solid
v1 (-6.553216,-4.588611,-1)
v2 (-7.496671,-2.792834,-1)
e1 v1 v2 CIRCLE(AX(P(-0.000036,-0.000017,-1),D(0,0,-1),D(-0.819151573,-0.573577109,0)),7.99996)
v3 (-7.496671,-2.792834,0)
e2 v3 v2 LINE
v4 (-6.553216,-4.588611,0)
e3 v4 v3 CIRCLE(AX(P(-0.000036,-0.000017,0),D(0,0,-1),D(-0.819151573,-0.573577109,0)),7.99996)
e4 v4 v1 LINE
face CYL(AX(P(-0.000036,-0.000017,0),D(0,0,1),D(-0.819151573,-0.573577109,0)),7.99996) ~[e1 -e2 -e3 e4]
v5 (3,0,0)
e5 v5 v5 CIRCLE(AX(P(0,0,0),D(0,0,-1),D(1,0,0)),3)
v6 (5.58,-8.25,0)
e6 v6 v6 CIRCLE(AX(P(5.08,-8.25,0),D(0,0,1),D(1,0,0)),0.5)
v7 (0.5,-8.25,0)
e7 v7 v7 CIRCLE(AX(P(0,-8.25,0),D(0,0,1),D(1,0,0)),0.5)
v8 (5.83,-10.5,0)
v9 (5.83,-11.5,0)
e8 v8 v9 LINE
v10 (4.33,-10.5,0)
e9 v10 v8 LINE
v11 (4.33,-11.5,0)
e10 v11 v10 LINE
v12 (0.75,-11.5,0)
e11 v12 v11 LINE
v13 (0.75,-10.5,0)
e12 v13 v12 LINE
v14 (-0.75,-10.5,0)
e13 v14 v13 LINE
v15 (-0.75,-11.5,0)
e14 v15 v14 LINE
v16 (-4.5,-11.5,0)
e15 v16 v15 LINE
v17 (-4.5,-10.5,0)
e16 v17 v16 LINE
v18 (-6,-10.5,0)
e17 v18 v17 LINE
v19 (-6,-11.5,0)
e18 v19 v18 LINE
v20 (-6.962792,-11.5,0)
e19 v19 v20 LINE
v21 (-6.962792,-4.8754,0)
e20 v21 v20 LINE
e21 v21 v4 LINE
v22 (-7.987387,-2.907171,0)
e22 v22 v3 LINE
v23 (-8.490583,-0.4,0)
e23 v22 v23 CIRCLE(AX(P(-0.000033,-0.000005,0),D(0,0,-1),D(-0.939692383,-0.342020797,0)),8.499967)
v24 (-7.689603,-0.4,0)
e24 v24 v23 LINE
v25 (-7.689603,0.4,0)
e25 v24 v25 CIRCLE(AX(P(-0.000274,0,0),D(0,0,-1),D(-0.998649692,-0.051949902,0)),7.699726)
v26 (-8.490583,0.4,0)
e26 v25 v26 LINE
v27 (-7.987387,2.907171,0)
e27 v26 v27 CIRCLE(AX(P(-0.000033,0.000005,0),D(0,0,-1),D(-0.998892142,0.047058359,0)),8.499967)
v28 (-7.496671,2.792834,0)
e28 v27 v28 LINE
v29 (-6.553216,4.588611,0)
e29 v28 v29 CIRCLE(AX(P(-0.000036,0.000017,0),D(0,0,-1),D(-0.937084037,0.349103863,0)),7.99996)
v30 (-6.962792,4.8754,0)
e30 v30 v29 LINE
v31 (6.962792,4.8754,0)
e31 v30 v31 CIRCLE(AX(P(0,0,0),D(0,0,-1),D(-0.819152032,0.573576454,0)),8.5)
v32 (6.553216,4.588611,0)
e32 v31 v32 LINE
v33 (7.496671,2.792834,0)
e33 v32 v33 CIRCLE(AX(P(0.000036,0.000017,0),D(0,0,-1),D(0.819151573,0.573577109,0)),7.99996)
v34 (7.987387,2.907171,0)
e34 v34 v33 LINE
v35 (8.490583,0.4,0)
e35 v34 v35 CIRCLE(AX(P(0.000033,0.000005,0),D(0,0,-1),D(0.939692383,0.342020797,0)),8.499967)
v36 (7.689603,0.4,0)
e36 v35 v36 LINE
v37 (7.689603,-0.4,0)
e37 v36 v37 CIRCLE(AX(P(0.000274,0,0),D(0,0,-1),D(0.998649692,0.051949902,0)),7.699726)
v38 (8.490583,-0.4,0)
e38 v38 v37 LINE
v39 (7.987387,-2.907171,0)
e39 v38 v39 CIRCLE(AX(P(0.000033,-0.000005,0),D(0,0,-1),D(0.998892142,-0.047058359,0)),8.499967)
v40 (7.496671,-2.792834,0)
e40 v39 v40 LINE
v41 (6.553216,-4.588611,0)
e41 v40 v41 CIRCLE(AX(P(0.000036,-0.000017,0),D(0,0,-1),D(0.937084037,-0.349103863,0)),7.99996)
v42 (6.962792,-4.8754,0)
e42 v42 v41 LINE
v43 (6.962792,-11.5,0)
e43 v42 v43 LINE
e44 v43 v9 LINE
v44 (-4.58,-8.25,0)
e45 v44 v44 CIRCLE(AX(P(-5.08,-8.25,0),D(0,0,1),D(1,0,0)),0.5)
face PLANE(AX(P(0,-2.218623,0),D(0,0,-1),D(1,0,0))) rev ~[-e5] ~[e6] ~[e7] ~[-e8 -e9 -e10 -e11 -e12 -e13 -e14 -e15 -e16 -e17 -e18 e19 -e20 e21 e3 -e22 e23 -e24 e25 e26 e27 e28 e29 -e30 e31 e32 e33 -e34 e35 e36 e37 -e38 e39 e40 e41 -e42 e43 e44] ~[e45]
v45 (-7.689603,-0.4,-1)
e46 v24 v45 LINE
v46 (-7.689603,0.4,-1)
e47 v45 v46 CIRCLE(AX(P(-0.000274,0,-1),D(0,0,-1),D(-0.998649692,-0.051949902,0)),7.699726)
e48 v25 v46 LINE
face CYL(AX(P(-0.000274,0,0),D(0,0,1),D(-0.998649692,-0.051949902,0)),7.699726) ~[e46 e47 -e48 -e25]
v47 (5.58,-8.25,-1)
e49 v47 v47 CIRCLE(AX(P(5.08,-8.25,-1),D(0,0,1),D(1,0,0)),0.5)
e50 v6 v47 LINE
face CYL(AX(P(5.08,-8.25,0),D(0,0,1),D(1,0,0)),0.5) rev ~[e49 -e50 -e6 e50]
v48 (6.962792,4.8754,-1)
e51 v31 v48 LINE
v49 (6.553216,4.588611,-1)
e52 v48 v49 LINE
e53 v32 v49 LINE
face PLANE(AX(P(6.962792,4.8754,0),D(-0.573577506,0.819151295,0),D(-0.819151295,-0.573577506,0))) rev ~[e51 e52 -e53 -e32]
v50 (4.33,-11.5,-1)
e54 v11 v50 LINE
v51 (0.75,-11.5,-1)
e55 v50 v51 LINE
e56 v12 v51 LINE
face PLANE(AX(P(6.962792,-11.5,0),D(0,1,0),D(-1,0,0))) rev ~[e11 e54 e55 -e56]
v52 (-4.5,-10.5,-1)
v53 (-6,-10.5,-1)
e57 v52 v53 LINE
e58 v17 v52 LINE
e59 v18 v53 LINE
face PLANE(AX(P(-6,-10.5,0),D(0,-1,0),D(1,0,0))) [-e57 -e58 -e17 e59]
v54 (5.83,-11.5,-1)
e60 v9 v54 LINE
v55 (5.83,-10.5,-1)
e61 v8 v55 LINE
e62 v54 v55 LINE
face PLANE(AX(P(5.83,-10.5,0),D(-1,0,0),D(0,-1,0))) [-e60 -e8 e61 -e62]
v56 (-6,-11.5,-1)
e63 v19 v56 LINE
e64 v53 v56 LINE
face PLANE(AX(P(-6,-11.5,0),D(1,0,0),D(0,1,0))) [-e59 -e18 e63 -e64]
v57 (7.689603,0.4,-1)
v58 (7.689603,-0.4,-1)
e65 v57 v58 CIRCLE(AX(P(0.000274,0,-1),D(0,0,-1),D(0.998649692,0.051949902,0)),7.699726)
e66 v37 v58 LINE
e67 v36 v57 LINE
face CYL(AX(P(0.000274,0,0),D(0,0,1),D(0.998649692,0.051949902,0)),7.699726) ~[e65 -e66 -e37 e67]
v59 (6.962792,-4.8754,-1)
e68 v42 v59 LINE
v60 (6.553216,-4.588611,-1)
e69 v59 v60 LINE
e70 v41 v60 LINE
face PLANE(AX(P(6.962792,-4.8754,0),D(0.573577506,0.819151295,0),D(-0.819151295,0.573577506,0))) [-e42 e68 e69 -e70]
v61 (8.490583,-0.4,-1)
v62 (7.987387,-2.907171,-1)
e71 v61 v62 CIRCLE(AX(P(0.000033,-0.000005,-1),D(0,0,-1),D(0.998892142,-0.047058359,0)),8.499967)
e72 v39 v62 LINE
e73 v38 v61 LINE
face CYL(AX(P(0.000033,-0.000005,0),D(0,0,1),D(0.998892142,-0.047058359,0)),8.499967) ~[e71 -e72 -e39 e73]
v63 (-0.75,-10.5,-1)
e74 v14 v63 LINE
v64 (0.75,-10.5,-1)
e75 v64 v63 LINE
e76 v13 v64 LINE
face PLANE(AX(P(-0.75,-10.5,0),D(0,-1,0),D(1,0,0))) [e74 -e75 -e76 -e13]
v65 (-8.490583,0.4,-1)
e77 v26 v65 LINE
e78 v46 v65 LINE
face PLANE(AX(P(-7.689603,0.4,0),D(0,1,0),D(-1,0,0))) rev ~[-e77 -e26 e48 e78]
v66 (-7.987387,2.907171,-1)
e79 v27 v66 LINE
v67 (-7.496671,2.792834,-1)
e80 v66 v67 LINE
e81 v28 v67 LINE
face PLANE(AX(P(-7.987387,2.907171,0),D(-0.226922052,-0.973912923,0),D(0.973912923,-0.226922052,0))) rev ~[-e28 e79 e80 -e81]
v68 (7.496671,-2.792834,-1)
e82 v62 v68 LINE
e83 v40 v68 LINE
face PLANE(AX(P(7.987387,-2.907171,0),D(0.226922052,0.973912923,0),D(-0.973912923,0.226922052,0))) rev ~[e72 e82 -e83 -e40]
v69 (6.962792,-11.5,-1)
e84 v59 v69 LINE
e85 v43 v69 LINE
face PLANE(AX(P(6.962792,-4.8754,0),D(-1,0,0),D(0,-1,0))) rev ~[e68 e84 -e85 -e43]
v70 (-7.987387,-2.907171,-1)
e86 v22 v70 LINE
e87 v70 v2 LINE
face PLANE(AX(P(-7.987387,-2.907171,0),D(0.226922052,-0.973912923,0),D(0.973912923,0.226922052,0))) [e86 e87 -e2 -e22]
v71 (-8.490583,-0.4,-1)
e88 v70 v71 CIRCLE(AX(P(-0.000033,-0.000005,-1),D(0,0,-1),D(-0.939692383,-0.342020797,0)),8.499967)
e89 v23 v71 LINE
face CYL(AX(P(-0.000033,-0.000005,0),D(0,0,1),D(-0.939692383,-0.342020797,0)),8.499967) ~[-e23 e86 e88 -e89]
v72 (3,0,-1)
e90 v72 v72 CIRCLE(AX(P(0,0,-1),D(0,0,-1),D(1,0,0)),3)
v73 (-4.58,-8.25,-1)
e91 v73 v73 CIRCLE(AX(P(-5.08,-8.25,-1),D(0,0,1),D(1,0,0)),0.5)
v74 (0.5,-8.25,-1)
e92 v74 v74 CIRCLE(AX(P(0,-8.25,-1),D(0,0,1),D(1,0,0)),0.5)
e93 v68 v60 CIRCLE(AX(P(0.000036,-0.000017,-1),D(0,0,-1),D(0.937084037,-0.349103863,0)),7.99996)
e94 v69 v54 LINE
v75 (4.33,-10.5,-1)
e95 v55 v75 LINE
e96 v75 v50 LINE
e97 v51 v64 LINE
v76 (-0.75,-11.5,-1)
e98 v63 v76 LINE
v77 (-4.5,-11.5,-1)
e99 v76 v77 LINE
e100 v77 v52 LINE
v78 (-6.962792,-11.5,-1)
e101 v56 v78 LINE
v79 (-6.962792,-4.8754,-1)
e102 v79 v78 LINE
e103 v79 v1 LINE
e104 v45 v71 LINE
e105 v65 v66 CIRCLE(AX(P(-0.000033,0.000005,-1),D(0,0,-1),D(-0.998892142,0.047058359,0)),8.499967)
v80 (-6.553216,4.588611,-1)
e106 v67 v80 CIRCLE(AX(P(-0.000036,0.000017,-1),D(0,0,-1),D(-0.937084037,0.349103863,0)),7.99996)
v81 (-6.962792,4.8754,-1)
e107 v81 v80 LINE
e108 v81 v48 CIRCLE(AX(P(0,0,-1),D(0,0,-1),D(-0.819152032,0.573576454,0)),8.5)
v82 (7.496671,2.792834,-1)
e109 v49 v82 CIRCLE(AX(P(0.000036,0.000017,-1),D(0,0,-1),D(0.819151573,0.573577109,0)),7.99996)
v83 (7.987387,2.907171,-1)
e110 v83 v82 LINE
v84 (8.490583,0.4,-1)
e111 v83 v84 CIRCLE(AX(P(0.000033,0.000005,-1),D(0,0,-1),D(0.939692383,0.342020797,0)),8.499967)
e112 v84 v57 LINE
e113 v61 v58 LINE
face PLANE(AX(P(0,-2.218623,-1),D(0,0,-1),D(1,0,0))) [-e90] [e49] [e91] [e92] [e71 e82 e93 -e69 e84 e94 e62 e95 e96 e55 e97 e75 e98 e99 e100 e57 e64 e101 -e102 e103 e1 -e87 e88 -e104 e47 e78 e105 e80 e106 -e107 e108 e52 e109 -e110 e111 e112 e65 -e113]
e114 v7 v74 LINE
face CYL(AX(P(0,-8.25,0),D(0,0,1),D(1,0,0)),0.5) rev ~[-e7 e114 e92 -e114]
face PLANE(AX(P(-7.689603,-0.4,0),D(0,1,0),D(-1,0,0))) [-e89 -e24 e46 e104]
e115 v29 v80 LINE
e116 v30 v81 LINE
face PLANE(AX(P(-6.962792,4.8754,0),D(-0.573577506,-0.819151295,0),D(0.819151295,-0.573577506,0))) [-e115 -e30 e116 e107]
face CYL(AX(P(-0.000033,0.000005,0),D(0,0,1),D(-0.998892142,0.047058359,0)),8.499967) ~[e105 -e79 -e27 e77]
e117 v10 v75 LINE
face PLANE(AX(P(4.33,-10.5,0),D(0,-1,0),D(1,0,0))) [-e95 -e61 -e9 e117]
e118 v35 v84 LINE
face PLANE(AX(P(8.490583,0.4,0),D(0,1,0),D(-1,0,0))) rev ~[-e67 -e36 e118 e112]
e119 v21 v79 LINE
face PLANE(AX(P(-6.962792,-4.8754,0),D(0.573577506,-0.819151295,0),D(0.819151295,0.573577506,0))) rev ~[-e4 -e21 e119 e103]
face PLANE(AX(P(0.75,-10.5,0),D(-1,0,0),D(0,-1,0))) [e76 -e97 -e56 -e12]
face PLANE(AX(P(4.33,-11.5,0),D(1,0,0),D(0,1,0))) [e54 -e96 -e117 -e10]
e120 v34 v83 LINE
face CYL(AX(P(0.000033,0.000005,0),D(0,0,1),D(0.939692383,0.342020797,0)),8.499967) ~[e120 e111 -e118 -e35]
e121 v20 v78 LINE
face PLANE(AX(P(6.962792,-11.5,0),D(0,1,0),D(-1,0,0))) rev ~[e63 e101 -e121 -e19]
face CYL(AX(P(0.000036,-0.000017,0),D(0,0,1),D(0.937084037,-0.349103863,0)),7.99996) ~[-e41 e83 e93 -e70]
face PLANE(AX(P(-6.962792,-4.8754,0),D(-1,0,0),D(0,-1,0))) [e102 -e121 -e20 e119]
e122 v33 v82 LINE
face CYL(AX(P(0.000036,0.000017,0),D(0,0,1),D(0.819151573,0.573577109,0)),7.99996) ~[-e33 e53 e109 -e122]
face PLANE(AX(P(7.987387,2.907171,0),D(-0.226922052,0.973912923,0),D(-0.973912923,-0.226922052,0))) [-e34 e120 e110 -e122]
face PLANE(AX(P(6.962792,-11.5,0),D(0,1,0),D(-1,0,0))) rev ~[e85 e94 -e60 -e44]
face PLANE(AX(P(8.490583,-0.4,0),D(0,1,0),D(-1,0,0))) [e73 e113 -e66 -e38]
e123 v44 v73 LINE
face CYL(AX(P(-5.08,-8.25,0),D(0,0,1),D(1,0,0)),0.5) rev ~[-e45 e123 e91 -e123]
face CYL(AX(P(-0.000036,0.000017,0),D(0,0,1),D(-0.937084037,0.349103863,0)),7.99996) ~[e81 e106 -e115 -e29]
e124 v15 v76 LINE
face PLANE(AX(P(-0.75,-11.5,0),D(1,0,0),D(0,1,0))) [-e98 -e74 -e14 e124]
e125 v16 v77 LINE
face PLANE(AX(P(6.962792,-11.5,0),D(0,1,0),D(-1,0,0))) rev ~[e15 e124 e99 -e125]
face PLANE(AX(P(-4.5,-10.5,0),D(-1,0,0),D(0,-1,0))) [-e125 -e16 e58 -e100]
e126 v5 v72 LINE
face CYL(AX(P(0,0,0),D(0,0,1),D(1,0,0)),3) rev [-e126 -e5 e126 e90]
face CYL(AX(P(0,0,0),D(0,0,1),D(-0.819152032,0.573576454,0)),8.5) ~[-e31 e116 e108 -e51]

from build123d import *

# Parameters (mm, degrees)
SKETCH006_R     = 3
PAD005_DEPTH    = 1
SKETCH016_R     = 0.5
POCKET004_DEPTH = 2
POCKET005_DEPTH = 5


with BuildPart() as part:
    # Sketch006 (on ShapeBinder) → Pad005 (new body)
    with BuildSketch(Plane(origin=(0, 0, 0), x_dir=(1, 0, 0), z_dir=(0, 0, -1))):
        with BuildLine():
            ThreePointArc((-7.987387, 2.907171), (-8.333808, 1.672617), (-8.490583, 0.4))
            Line((-7.689603, 0.4), (-8.490583, 0.4))
            ThreePointArc((-7.689603, 0.4), (-7.7, 0), (-7.689603, -0.4))
            Line((-7.689603, -0.4), (-8.490583, -0.4))
            ThreePointArc((-8.490583, -0.4), (-8.333808, -1.672617), (-7.987387, -2.907171))
            Line((-7.987387, -2.907171), (-7.496671, -2.792834))
            ThreePointArc((-7.496671, -2.792834), (-7.082093, -3.720747), (-6.553216, -4.588611))
            Line((-6.962792, -4.8754), (-6.553216, -4.588611))
            ThreePointArc((-6.962792, -4.8754), (0, -8.5), (6.962792, -4.8754))
            Line((6.962792, -4.8754), (6.553216, -4.588611))
            ThreePointArc((6.553216, -4.588611), (7.082093, -3.720747), (7.496671, -2.792834))
            Line((7.987387, -2.907171), (7.496671, -2.792834))
            ThreePointArc((7.987387, -2.907171), (8.333808, -1.672617), (8.490583, -0.4))
            Line((8.490583, -0.4), (7.689603, -0.4))
            ThreePointArc((7.689603, -0.4), (7.7, 0), (7.689603, 0.4))
            Line((8.490583, 0.4), (7.689603, 0.4))
            ThreePointArc((8.490583, 0.4), (8.333808, 1.672617), (7.987387, 2.907171))
            Line((7.987387, 2.907171), (7.496671, 2.792834))
            ThreePointArc((7.496671, 2.792834), (7.082093, 3.720747), (6.553216, 4.588611))
            Line((6.962792, 4.8754), (6.553216, 4.588611))
            Line((6.962792, 4.8754), (6.962792, 11.5))
            Line((6.962792, 11.5), (-6.962792, 11.5))
            Line((-6.962792, 4.8754), (-6.962792, 11.5))
            Line((-6.962792, 4.8754), (-6.553216, 4.588611))
            ThreePointArc((-6.553216, 4.588611), (-7.082093, 3.720747), (-7.496671, 2.792834))
            Line((-7.987387, 2.907171), (-7.496671, 2.792834))
        make_face()
        Circle(SKETCH006_R, mode=Mode.SUBTRACT)
    extrude(amount=PAD005_DEPTH)

    # Sketch016 (on Face28 of Pad005) → Pocket004 (cut)
    with BuildSketch(Plane.XY):
        with Locations((0, -8.25)):
            Circle(SKETCH016_R)
        with Locations((-5.08, -8.25)):
            Circle(SKETCH016_R)
        with Locations((5.08, -8.25)):
            Circle(SKETCH016_R)
    extrude(amount=-POCKET004_DEPTH, mode=Mode.SUBTRACT)

    # Sketch017 (on Face4 of Pocket004) → Pocket005 (cut)
    with BuildSketch(Plane.XY):
        Polygon((-6.962792, -11.5), (-6, -11.5), (-6, -10.5), (-4.5, -10.5), (-4.5, -11.5), (-0.75, -11.5), (-0.75, -10.5), (0.75, -10.5), (0.75, -11.5), (4.33, -11.5), (4.33, -10.5), (5.83, -10.5), (5.83, -11.5), (6.962792, -11.5), (6.962792, -12.871278), (-6.962792, -12.871278), align=None)
    extrude(amount=-POCKET005_DEPTH, mode=Mode.SUBTRACT)


solid = part.part
